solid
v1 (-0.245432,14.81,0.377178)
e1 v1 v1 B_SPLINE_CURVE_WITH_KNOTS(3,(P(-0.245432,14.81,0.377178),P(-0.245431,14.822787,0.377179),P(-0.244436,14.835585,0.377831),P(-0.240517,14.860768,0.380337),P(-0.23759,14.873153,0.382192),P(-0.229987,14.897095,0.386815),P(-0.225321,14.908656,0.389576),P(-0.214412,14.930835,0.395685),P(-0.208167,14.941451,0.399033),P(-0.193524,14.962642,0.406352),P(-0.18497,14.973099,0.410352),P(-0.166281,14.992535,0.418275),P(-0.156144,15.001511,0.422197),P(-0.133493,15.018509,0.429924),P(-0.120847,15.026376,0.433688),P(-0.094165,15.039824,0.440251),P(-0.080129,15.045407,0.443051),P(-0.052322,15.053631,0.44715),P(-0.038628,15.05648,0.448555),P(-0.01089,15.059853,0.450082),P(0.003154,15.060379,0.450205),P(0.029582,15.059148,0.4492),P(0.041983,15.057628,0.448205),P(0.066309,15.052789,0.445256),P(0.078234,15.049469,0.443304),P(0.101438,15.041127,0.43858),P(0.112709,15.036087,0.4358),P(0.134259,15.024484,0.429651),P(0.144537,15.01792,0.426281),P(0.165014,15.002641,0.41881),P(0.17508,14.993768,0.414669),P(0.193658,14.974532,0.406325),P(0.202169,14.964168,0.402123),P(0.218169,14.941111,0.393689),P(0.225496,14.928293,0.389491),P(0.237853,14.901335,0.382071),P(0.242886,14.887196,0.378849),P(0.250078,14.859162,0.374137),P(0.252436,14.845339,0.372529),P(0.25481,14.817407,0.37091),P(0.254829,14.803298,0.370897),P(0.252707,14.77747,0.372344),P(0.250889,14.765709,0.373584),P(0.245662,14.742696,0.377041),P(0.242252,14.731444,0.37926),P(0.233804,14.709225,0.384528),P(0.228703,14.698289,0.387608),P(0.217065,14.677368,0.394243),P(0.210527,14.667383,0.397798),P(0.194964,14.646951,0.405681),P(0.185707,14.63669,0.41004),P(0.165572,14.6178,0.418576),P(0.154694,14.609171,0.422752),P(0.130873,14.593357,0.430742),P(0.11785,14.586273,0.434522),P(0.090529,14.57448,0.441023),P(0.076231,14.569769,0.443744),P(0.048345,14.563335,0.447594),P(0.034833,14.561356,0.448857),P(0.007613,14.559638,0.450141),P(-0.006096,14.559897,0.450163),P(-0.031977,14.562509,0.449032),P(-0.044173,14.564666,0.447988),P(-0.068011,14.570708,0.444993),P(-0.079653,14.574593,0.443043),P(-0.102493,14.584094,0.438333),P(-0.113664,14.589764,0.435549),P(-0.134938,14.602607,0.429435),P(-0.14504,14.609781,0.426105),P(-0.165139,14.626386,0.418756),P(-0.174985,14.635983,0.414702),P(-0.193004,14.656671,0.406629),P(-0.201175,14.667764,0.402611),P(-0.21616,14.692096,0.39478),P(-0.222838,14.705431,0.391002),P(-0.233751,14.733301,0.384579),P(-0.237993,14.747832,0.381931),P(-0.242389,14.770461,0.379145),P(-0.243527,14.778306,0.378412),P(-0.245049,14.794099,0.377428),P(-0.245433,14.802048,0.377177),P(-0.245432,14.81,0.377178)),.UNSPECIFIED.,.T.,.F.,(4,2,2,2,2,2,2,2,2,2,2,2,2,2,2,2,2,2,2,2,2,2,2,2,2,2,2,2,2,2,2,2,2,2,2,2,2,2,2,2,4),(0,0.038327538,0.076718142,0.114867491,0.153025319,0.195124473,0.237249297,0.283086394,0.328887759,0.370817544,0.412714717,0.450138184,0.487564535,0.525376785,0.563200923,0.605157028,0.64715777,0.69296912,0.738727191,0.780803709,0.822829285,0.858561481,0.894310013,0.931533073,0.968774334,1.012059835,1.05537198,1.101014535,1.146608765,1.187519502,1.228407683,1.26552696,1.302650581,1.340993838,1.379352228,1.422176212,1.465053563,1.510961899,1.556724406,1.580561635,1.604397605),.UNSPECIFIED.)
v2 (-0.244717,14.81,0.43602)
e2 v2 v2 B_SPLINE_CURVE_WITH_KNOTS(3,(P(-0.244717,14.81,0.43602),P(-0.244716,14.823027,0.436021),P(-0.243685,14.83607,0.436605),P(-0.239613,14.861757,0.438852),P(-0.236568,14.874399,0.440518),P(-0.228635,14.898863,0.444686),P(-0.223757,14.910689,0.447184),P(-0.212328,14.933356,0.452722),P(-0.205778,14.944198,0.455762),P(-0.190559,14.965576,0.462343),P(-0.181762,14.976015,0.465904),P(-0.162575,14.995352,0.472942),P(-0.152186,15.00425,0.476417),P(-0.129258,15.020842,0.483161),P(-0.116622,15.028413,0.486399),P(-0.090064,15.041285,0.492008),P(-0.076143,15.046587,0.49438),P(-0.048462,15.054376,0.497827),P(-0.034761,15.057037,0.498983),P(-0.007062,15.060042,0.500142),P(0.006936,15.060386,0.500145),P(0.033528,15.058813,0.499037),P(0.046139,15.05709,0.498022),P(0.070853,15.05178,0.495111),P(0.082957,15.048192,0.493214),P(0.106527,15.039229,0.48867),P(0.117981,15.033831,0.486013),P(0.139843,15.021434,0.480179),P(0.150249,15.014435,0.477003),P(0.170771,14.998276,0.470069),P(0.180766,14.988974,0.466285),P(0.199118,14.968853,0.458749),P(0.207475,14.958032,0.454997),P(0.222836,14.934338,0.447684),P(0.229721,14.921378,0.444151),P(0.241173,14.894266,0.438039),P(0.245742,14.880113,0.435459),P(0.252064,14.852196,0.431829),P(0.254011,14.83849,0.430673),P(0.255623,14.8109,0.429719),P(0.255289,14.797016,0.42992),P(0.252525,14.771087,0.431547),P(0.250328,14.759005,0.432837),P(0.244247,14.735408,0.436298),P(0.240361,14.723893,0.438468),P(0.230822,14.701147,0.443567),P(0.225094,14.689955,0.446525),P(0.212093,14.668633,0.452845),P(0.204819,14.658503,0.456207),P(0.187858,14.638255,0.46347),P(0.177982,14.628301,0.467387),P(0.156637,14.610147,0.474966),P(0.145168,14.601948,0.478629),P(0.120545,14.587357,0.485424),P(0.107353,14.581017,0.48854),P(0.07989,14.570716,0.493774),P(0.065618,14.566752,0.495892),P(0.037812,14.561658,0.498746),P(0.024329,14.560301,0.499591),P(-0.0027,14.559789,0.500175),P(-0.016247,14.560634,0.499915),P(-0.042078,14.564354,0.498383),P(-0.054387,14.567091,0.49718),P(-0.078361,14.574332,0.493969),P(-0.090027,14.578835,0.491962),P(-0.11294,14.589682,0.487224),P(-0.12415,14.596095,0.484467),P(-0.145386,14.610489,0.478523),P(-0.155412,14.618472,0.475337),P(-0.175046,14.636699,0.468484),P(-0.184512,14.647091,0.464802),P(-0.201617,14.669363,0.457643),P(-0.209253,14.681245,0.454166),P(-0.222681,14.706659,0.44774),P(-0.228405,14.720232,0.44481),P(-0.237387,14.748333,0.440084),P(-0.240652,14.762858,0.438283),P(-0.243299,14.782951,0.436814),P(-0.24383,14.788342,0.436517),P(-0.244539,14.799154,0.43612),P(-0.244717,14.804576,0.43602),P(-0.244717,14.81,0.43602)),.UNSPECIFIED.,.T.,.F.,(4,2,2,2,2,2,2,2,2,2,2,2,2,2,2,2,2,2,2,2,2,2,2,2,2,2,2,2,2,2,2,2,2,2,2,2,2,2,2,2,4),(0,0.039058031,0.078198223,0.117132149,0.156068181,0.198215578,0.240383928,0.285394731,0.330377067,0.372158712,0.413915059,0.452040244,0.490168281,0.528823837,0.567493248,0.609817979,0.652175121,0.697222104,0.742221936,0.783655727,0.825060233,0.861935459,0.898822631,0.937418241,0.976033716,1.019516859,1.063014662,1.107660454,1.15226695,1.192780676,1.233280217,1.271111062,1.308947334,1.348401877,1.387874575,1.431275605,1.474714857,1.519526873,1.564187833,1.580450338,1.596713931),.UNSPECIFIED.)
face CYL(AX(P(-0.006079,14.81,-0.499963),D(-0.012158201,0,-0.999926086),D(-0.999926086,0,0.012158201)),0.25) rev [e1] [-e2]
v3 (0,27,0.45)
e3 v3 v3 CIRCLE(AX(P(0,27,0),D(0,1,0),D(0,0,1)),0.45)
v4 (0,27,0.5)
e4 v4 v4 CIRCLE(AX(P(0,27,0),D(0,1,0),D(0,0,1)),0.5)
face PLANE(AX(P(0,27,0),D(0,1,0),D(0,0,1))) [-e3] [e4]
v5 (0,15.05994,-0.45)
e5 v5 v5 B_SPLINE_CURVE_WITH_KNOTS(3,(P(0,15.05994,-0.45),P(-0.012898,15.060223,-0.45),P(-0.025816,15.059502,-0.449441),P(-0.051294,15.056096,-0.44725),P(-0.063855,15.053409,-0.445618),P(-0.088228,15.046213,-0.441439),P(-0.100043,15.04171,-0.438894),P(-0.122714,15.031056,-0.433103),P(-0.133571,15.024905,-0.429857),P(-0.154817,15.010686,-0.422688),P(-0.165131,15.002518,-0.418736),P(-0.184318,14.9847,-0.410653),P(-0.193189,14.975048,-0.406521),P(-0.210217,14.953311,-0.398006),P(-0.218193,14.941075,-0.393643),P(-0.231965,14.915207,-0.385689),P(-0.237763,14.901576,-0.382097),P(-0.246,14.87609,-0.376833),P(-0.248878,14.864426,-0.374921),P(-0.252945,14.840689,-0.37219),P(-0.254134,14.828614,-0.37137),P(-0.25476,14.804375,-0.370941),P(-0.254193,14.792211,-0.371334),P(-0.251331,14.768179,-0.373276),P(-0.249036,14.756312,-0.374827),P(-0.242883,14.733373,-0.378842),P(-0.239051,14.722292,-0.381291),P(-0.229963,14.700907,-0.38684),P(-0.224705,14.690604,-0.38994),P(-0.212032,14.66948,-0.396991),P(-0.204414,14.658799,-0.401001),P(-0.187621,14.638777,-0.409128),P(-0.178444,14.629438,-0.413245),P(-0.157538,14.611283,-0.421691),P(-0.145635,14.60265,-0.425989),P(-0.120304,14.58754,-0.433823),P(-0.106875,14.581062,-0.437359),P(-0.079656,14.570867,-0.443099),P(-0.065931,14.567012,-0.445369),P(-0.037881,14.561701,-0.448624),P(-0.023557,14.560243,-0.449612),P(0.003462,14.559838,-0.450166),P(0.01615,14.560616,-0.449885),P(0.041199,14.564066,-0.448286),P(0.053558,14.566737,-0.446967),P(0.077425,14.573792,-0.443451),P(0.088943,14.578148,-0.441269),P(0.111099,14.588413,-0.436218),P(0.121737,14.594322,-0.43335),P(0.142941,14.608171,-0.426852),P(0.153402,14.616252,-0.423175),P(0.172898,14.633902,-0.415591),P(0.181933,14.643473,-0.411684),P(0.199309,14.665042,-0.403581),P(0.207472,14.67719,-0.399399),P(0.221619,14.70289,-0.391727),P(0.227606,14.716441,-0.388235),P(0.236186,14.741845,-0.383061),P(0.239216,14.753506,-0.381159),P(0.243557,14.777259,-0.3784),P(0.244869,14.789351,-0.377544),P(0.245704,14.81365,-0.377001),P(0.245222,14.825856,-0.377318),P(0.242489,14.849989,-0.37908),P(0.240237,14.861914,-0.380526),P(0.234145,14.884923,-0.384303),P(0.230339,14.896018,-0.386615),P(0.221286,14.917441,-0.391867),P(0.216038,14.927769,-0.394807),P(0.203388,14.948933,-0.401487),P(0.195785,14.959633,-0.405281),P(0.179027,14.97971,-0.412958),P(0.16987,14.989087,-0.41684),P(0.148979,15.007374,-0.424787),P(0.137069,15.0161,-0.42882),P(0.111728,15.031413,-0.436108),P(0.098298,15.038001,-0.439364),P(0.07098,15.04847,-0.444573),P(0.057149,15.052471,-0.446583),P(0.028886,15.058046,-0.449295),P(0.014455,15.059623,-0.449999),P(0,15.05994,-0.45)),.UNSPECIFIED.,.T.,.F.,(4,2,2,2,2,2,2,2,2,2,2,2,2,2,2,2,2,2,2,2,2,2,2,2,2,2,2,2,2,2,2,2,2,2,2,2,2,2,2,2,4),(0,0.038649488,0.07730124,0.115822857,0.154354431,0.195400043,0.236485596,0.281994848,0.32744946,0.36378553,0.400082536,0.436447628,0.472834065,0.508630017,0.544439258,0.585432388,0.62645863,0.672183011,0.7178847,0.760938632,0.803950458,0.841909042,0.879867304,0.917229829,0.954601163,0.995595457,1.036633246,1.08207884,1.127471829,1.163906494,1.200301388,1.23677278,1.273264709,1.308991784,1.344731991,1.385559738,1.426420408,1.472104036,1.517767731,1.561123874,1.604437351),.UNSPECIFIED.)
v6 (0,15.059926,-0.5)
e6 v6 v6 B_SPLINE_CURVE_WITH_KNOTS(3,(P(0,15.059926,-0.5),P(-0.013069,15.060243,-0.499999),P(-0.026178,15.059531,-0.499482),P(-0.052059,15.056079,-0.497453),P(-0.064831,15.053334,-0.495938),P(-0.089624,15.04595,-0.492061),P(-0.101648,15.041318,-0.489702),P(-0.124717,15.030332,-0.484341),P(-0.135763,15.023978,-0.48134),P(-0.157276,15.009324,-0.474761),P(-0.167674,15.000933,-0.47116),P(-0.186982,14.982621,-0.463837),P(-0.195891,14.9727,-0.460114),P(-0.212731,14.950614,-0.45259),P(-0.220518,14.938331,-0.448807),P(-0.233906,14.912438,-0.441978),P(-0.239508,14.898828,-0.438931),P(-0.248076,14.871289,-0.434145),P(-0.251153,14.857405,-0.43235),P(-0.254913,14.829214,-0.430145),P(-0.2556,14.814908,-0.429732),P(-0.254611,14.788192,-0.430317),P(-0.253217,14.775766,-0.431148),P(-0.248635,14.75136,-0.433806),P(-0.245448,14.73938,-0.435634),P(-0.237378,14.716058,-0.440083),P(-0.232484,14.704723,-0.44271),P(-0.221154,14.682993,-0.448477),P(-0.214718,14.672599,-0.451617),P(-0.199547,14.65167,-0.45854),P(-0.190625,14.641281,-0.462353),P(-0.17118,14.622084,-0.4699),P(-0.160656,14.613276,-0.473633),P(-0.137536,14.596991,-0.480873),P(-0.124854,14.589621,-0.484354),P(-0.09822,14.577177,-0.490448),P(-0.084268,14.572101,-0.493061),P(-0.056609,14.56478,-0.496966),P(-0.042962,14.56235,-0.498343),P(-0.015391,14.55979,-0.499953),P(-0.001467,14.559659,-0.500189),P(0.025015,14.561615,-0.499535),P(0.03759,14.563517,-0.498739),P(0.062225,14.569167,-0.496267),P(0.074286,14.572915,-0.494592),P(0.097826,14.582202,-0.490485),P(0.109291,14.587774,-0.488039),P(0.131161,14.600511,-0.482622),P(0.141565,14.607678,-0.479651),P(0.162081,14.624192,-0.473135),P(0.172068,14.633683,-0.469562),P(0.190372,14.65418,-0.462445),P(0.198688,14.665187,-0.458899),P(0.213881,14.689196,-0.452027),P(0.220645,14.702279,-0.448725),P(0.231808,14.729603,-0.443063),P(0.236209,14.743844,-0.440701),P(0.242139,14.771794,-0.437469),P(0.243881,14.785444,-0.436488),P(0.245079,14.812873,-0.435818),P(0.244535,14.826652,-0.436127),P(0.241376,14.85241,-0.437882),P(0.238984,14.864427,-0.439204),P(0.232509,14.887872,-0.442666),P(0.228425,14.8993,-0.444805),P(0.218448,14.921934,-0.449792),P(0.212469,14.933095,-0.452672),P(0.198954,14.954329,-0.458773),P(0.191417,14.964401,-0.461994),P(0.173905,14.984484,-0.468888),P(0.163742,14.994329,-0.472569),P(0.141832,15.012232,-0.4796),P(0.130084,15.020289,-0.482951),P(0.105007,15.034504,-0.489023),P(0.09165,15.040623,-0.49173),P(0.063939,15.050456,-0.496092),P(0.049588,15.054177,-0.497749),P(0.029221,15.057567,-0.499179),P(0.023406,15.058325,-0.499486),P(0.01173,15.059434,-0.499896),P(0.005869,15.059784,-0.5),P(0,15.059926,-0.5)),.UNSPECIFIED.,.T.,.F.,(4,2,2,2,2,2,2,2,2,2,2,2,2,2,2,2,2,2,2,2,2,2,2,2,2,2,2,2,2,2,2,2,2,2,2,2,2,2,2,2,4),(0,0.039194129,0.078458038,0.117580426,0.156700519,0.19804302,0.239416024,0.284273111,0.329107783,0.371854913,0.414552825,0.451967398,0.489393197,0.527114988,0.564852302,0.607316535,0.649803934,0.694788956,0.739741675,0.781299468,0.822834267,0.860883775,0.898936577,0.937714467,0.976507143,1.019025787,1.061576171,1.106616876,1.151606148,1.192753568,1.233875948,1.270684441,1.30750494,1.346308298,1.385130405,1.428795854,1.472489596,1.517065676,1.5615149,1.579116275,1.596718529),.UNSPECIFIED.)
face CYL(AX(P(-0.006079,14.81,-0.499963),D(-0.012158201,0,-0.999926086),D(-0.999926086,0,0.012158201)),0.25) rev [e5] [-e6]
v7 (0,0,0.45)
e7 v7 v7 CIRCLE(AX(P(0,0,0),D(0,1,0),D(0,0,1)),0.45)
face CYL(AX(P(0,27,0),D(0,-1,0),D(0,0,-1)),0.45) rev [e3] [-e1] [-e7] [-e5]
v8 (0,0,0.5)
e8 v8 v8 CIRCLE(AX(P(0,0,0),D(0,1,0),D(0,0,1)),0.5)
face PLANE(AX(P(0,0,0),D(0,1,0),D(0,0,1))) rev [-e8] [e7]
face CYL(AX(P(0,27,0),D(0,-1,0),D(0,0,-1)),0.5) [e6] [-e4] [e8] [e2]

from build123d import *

# Parameters (mm, degrees)
SKETCH1_R                  = 0.5
SKETCH1_R_2                = 0.45
BOSS_EXTRUDE1_DEPTH        = 27
F_0_5_0_5_DIAMETER_HOLE1_D = 0.5


with BuildPart() as part:
    # Sketch1 → Boss-Extrude1 (new body)
    with BuildSketch(Plane(origin=(0, 0, 0), x_dir=(1, 0, 0), z_dir=(0, 1, 0))):
        Circle(SKETCH1_R)
        Circle(SKETCH1_R_2, mode=Mode.SUBTRACT)
    extrude(amount=BOSS_EXTRUDE1_DEPTH)

    # Ø0.5 (0.5) Diameter Hole1 (through all)
    with Locations(Plane(origin=(-0.006079101, 14.81, -0.499963043), x_dir=(-0.999926086, 0, 0.012158201), z_dir=(-0.012158201, 0, -0.999926086))):
        with Locations((0, 0)):
            Hole(F_0_5_0_5_DIAMETER_HOLE1_D / 2)


solid = part.part
